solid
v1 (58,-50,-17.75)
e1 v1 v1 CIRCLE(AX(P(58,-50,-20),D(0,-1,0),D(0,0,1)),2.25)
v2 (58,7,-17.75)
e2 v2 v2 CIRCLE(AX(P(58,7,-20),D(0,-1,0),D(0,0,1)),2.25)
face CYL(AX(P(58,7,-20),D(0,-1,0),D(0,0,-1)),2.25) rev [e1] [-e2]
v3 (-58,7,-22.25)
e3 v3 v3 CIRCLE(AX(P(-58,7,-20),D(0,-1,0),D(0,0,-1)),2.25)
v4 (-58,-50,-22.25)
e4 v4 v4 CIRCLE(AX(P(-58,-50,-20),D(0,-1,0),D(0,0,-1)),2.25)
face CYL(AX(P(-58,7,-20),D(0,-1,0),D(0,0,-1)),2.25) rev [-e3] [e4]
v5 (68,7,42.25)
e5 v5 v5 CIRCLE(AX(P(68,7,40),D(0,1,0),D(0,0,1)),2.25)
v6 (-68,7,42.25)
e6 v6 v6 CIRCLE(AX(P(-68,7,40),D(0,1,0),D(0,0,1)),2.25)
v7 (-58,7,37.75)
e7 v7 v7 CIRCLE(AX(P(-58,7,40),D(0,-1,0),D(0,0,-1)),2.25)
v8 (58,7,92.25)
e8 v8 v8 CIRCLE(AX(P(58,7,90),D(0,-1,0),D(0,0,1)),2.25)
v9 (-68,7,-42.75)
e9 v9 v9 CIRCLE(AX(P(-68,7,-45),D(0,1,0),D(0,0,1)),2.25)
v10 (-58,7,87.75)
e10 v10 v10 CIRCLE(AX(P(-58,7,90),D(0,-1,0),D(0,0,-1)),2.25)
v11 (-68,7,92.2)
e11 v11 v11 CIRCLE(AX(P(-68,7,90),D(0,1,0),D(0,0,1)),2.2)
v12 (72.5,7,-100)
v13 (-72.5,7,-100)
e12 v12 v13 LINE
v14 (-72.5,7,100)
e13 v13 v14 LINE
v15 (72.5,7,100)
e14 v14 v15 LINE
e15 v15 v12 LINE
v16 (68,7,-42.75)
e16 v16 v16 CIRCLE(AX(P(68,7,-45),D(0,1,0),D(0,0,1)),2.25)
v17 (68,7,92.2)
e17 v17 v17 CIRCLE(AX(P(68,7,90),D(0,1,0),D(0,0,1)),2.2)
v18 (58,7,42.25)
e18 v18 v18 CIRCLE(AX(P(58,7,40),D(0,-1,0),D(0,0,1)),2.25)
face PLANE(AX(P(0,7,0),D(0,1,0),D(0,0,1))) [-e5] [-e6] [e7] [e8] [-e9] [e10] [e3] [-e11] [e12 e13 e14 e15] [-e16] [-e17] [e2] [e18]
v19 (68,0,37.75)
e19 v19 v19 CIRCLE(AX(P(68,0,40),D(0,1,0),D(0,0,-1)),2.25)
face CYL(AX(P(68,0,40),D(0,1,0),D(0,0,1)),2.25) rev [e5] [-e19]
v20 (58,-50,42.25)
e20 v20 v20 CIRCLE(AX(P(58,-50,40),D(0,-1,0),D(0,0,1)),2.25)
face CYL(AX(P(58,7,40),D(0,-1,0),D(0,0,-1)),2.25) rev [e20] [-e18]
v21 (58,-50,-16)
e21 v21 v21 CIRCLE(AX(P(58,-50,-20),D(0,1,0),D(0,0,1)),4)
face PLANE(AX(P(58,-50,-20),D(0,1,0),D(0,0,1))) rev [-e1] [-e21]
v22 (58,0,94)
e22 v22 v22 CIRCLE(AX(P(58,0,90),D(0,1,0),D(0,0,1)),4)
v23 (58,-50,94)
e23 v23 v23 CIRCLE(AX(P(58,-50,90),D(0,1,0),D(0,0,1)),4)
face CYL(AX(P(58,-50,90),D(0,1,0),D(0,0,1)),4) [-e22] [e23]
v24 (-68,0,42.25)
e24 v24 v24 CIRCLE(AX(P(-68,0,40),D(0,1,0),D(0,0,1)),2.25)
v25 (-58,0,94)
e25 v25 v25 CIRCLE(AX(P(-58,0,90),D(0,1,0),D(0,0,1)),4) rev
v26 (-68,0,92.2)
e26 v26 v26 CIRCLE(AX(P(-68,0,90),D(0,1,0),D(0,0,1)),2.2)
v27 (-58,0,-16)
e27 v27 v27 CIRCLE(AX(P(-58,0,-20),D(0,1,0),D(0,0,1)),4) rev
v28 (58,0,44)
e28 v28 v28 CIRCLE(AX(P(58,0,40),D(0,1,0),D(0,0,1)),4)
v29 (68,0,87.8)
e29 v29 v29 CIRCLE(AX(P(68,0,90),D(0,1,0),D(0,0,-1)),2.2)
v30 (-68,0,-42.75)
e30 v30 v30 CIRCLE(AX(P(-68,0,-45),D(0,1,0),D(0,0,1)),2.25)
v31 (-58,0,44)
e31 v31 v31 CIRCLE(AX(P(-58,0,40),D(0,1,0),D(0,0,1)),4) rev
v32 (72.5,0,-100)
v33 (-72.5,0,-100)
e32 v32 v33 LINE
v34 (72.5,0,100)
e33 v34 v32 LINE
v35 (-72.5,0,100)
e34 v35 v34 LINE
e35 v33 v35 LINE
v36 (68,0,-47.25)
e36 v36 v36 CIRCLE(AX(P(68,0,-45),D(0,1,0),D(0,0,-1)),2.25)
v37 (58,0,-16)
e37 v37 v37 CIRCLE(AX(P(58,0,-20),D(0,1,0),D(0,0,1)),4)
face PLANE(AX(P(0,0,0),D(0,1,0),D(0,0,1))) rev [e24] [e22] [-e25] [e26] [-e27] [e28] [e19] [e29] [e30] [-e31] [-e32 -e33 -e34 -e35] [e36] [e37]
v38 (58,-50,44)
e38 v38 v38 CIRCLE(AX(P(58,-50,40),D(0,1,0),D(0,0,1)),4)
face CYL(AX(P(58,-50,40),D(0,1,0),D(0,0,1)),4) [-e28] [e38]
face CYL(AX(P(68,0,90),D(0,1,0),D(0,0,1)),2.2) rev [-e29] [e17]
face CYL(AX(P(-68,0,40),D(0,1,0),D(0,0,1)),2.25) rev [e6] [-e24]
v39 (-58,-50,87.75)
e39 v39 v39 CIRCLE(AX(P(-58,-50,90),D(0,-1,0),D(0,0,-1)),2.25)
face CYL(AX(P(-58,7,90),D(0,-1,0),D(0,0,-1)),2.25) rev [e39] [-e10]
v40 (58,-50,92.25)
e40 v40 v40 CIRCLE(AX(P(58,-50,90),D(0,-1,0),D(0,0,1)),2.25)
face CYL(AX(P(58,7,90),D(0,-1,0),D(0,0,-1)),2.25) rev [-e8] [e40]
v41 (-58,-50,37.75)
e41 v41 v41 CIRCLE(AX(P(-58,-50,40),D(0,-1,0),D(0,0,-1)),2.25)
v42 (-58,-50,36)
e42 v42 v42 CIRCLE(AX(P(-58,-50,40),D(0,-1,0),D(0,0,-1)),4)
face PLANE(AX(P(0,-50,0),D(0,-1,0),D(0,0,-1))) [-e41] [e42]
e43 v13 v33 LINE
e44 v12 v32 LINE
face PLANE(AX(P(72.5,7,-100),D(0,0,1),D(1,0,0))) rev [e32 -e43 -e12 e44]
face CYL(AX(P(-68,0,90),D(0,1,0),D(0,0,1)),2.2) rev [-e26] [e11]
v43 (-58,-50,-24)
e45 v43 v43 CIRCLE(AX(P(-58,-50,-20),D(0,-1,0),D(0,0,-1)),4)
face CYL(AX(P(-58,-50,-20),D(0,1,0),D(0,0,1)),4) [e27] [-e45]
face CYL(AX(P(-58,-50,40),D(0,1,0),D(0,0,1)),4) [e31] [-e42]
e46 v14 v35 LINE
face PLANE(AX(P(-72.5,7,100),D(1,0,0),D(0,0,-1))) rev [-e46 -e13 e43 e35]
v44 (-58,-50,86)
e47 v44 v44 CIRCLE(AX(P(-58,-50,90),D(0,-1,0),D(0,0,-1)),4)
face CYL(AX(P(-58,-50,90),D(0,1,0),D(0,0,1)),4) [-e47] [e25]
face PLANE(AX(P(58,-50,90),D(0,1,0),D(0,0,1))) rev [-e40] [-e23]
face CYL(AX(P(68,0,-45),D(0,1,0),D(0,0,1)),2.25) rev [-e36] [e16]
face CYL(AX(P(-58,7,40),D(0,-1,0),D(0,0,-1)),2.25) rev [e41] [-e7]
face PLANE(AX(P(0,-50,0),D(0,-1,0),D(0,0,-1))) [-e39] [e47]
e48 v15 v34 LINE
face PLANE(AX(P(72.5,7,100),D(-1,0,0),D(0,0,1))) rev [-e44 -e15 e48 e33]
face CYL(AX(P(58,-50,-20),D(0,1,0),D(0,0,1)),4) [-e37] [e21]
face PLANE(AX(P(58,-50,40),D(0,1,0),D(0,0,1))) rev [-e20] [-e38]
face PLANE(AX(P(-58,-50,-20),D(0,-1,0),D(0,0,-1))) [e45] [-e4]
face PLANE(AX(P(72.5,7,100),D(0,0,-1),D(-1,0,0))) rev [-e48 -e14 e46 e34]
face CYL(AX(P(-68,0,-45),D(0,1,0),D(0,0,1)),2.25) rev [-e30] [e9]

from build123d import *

# Parameters (mm, degrees)
SKETCH2_W           = 145
SKETCH2_H           = 200
BOSS_EXTRUDE1_DEPTH = 7
SKETCH5_R           = 2.25
SKETCH5_R_2         = 2.2
CUT_EXTRUDE1_DEPTH  = 33
SKETCH6_R           = 4
BOSS_EXTRUDE3_DEPTH = 50
SKETCH7_R           = 2.25
CUT_EXTRUDE2_DEPTH  = 58


with BuildPart() as part:
    # Sketch2 → Boss-Extrude1 (new body)
    with BuildSketch(Plane(origin=(0, 0, 0), x_dir=(1, 0, 0), z_dir=(0, 1, 0))):
        Rectangle(SKETCH2_W, SKETCH2_H)
    extrude(amount=BOSS_EXTRUDE1_DEPTH)

    # Sketch5 → Cut-Extrude1 (cut, through all)
    with BuildSketch(Plane(origin=(0, 32, 0), x_dir=(1, 0, 0), z_dir=(0, 1, 0))):
        with Locations((-68, 45)):
            Circle(SKETCH5_R)
        with Locations((-68, -40)):
            Circle(SKETCH5_R)
        with Locations((-68, -90)):
            Circle(SKETCH5_R_2)
        with Locations((68, -90)):
            Circle(SKETCH5_R_2)
        with Locations((68, -40)):
            Circle(SKETCH5_R)
        with Locations((68, 45)):
            Circle(SKETCH5_R)
    extrude(amount=-CUT_EXTRUDE1_DEPTH, mode=Mode.SUBTRACT)

    # Sketch6 → Boss-Extrude3 (add)
    with BuildSketch(Plane.XZ):
        with BuildLine():
            ThreePointArc((-58, 44), (-62, 40), (-58, 36))
            Line((-58, 36), (-58, 44))
        make_face()
        with BuildLine():
            Line((-58, 44), (-58, 36))
            ThreePointArc((-58, 36), (-55.171572875, 37.171572875), (-54, 40))
            ThreePointArc((-54, 40), (-55.171572875, 42.828427125), (-58, 44))
        make_face()
        with BuildLine():
            ThreePointArc((-54, 90), (-60.828427125, 92.828427125), (-58, 86))
            Line((-58, 86), (-58, 90))
            Line((-58, 90), (-54, 90))
        make_face()
        with BuildLine():
            Line((-58, 90), (-58, 86))
            ThreePointArc((-58, 86), (-55.171572875, 87.171572875), (-54, 90))
            Line((-54, 90), (-58, 90))
        make_face()
        with Locations((58, 90)):
            Circle(SKETCH6_R)
        with Locations((-58, -20)):
            Circle(SKETCH6_R)
        with Locations((58, -20)):
            Circle(SKETCH6_R)
        with Locations((58, 40)):
            Circle(SKETCH6_R)
    extrude(amount=BOSS_EXTRUDE3_DEPTH)

    # Sketch7 → Cut-Extrude2 (cut, through all)
    with BuildSketch(Plane.XZ.offset(50)):
        with Locations((-58, 90)):
            Circle(SKETCH7_R)
        with Locations((-58, 40)):
            Circle(SKETCH7_R)
        with Locations((-58, -20)):
            Circle(SKETCH7_R)
        with Locations((58, -20)):
            Circle(SKETCH7_R)
        with Locations((58, 40)):
            Circle(SKETCH7_R)
        with Locations((58, 90)):
            Circle(SKETCH7_R)
    extrude(amount=-CUT_EXTRUDE2_DEPTH, mode=Mode.SUBTRACT)


solid = part.part
